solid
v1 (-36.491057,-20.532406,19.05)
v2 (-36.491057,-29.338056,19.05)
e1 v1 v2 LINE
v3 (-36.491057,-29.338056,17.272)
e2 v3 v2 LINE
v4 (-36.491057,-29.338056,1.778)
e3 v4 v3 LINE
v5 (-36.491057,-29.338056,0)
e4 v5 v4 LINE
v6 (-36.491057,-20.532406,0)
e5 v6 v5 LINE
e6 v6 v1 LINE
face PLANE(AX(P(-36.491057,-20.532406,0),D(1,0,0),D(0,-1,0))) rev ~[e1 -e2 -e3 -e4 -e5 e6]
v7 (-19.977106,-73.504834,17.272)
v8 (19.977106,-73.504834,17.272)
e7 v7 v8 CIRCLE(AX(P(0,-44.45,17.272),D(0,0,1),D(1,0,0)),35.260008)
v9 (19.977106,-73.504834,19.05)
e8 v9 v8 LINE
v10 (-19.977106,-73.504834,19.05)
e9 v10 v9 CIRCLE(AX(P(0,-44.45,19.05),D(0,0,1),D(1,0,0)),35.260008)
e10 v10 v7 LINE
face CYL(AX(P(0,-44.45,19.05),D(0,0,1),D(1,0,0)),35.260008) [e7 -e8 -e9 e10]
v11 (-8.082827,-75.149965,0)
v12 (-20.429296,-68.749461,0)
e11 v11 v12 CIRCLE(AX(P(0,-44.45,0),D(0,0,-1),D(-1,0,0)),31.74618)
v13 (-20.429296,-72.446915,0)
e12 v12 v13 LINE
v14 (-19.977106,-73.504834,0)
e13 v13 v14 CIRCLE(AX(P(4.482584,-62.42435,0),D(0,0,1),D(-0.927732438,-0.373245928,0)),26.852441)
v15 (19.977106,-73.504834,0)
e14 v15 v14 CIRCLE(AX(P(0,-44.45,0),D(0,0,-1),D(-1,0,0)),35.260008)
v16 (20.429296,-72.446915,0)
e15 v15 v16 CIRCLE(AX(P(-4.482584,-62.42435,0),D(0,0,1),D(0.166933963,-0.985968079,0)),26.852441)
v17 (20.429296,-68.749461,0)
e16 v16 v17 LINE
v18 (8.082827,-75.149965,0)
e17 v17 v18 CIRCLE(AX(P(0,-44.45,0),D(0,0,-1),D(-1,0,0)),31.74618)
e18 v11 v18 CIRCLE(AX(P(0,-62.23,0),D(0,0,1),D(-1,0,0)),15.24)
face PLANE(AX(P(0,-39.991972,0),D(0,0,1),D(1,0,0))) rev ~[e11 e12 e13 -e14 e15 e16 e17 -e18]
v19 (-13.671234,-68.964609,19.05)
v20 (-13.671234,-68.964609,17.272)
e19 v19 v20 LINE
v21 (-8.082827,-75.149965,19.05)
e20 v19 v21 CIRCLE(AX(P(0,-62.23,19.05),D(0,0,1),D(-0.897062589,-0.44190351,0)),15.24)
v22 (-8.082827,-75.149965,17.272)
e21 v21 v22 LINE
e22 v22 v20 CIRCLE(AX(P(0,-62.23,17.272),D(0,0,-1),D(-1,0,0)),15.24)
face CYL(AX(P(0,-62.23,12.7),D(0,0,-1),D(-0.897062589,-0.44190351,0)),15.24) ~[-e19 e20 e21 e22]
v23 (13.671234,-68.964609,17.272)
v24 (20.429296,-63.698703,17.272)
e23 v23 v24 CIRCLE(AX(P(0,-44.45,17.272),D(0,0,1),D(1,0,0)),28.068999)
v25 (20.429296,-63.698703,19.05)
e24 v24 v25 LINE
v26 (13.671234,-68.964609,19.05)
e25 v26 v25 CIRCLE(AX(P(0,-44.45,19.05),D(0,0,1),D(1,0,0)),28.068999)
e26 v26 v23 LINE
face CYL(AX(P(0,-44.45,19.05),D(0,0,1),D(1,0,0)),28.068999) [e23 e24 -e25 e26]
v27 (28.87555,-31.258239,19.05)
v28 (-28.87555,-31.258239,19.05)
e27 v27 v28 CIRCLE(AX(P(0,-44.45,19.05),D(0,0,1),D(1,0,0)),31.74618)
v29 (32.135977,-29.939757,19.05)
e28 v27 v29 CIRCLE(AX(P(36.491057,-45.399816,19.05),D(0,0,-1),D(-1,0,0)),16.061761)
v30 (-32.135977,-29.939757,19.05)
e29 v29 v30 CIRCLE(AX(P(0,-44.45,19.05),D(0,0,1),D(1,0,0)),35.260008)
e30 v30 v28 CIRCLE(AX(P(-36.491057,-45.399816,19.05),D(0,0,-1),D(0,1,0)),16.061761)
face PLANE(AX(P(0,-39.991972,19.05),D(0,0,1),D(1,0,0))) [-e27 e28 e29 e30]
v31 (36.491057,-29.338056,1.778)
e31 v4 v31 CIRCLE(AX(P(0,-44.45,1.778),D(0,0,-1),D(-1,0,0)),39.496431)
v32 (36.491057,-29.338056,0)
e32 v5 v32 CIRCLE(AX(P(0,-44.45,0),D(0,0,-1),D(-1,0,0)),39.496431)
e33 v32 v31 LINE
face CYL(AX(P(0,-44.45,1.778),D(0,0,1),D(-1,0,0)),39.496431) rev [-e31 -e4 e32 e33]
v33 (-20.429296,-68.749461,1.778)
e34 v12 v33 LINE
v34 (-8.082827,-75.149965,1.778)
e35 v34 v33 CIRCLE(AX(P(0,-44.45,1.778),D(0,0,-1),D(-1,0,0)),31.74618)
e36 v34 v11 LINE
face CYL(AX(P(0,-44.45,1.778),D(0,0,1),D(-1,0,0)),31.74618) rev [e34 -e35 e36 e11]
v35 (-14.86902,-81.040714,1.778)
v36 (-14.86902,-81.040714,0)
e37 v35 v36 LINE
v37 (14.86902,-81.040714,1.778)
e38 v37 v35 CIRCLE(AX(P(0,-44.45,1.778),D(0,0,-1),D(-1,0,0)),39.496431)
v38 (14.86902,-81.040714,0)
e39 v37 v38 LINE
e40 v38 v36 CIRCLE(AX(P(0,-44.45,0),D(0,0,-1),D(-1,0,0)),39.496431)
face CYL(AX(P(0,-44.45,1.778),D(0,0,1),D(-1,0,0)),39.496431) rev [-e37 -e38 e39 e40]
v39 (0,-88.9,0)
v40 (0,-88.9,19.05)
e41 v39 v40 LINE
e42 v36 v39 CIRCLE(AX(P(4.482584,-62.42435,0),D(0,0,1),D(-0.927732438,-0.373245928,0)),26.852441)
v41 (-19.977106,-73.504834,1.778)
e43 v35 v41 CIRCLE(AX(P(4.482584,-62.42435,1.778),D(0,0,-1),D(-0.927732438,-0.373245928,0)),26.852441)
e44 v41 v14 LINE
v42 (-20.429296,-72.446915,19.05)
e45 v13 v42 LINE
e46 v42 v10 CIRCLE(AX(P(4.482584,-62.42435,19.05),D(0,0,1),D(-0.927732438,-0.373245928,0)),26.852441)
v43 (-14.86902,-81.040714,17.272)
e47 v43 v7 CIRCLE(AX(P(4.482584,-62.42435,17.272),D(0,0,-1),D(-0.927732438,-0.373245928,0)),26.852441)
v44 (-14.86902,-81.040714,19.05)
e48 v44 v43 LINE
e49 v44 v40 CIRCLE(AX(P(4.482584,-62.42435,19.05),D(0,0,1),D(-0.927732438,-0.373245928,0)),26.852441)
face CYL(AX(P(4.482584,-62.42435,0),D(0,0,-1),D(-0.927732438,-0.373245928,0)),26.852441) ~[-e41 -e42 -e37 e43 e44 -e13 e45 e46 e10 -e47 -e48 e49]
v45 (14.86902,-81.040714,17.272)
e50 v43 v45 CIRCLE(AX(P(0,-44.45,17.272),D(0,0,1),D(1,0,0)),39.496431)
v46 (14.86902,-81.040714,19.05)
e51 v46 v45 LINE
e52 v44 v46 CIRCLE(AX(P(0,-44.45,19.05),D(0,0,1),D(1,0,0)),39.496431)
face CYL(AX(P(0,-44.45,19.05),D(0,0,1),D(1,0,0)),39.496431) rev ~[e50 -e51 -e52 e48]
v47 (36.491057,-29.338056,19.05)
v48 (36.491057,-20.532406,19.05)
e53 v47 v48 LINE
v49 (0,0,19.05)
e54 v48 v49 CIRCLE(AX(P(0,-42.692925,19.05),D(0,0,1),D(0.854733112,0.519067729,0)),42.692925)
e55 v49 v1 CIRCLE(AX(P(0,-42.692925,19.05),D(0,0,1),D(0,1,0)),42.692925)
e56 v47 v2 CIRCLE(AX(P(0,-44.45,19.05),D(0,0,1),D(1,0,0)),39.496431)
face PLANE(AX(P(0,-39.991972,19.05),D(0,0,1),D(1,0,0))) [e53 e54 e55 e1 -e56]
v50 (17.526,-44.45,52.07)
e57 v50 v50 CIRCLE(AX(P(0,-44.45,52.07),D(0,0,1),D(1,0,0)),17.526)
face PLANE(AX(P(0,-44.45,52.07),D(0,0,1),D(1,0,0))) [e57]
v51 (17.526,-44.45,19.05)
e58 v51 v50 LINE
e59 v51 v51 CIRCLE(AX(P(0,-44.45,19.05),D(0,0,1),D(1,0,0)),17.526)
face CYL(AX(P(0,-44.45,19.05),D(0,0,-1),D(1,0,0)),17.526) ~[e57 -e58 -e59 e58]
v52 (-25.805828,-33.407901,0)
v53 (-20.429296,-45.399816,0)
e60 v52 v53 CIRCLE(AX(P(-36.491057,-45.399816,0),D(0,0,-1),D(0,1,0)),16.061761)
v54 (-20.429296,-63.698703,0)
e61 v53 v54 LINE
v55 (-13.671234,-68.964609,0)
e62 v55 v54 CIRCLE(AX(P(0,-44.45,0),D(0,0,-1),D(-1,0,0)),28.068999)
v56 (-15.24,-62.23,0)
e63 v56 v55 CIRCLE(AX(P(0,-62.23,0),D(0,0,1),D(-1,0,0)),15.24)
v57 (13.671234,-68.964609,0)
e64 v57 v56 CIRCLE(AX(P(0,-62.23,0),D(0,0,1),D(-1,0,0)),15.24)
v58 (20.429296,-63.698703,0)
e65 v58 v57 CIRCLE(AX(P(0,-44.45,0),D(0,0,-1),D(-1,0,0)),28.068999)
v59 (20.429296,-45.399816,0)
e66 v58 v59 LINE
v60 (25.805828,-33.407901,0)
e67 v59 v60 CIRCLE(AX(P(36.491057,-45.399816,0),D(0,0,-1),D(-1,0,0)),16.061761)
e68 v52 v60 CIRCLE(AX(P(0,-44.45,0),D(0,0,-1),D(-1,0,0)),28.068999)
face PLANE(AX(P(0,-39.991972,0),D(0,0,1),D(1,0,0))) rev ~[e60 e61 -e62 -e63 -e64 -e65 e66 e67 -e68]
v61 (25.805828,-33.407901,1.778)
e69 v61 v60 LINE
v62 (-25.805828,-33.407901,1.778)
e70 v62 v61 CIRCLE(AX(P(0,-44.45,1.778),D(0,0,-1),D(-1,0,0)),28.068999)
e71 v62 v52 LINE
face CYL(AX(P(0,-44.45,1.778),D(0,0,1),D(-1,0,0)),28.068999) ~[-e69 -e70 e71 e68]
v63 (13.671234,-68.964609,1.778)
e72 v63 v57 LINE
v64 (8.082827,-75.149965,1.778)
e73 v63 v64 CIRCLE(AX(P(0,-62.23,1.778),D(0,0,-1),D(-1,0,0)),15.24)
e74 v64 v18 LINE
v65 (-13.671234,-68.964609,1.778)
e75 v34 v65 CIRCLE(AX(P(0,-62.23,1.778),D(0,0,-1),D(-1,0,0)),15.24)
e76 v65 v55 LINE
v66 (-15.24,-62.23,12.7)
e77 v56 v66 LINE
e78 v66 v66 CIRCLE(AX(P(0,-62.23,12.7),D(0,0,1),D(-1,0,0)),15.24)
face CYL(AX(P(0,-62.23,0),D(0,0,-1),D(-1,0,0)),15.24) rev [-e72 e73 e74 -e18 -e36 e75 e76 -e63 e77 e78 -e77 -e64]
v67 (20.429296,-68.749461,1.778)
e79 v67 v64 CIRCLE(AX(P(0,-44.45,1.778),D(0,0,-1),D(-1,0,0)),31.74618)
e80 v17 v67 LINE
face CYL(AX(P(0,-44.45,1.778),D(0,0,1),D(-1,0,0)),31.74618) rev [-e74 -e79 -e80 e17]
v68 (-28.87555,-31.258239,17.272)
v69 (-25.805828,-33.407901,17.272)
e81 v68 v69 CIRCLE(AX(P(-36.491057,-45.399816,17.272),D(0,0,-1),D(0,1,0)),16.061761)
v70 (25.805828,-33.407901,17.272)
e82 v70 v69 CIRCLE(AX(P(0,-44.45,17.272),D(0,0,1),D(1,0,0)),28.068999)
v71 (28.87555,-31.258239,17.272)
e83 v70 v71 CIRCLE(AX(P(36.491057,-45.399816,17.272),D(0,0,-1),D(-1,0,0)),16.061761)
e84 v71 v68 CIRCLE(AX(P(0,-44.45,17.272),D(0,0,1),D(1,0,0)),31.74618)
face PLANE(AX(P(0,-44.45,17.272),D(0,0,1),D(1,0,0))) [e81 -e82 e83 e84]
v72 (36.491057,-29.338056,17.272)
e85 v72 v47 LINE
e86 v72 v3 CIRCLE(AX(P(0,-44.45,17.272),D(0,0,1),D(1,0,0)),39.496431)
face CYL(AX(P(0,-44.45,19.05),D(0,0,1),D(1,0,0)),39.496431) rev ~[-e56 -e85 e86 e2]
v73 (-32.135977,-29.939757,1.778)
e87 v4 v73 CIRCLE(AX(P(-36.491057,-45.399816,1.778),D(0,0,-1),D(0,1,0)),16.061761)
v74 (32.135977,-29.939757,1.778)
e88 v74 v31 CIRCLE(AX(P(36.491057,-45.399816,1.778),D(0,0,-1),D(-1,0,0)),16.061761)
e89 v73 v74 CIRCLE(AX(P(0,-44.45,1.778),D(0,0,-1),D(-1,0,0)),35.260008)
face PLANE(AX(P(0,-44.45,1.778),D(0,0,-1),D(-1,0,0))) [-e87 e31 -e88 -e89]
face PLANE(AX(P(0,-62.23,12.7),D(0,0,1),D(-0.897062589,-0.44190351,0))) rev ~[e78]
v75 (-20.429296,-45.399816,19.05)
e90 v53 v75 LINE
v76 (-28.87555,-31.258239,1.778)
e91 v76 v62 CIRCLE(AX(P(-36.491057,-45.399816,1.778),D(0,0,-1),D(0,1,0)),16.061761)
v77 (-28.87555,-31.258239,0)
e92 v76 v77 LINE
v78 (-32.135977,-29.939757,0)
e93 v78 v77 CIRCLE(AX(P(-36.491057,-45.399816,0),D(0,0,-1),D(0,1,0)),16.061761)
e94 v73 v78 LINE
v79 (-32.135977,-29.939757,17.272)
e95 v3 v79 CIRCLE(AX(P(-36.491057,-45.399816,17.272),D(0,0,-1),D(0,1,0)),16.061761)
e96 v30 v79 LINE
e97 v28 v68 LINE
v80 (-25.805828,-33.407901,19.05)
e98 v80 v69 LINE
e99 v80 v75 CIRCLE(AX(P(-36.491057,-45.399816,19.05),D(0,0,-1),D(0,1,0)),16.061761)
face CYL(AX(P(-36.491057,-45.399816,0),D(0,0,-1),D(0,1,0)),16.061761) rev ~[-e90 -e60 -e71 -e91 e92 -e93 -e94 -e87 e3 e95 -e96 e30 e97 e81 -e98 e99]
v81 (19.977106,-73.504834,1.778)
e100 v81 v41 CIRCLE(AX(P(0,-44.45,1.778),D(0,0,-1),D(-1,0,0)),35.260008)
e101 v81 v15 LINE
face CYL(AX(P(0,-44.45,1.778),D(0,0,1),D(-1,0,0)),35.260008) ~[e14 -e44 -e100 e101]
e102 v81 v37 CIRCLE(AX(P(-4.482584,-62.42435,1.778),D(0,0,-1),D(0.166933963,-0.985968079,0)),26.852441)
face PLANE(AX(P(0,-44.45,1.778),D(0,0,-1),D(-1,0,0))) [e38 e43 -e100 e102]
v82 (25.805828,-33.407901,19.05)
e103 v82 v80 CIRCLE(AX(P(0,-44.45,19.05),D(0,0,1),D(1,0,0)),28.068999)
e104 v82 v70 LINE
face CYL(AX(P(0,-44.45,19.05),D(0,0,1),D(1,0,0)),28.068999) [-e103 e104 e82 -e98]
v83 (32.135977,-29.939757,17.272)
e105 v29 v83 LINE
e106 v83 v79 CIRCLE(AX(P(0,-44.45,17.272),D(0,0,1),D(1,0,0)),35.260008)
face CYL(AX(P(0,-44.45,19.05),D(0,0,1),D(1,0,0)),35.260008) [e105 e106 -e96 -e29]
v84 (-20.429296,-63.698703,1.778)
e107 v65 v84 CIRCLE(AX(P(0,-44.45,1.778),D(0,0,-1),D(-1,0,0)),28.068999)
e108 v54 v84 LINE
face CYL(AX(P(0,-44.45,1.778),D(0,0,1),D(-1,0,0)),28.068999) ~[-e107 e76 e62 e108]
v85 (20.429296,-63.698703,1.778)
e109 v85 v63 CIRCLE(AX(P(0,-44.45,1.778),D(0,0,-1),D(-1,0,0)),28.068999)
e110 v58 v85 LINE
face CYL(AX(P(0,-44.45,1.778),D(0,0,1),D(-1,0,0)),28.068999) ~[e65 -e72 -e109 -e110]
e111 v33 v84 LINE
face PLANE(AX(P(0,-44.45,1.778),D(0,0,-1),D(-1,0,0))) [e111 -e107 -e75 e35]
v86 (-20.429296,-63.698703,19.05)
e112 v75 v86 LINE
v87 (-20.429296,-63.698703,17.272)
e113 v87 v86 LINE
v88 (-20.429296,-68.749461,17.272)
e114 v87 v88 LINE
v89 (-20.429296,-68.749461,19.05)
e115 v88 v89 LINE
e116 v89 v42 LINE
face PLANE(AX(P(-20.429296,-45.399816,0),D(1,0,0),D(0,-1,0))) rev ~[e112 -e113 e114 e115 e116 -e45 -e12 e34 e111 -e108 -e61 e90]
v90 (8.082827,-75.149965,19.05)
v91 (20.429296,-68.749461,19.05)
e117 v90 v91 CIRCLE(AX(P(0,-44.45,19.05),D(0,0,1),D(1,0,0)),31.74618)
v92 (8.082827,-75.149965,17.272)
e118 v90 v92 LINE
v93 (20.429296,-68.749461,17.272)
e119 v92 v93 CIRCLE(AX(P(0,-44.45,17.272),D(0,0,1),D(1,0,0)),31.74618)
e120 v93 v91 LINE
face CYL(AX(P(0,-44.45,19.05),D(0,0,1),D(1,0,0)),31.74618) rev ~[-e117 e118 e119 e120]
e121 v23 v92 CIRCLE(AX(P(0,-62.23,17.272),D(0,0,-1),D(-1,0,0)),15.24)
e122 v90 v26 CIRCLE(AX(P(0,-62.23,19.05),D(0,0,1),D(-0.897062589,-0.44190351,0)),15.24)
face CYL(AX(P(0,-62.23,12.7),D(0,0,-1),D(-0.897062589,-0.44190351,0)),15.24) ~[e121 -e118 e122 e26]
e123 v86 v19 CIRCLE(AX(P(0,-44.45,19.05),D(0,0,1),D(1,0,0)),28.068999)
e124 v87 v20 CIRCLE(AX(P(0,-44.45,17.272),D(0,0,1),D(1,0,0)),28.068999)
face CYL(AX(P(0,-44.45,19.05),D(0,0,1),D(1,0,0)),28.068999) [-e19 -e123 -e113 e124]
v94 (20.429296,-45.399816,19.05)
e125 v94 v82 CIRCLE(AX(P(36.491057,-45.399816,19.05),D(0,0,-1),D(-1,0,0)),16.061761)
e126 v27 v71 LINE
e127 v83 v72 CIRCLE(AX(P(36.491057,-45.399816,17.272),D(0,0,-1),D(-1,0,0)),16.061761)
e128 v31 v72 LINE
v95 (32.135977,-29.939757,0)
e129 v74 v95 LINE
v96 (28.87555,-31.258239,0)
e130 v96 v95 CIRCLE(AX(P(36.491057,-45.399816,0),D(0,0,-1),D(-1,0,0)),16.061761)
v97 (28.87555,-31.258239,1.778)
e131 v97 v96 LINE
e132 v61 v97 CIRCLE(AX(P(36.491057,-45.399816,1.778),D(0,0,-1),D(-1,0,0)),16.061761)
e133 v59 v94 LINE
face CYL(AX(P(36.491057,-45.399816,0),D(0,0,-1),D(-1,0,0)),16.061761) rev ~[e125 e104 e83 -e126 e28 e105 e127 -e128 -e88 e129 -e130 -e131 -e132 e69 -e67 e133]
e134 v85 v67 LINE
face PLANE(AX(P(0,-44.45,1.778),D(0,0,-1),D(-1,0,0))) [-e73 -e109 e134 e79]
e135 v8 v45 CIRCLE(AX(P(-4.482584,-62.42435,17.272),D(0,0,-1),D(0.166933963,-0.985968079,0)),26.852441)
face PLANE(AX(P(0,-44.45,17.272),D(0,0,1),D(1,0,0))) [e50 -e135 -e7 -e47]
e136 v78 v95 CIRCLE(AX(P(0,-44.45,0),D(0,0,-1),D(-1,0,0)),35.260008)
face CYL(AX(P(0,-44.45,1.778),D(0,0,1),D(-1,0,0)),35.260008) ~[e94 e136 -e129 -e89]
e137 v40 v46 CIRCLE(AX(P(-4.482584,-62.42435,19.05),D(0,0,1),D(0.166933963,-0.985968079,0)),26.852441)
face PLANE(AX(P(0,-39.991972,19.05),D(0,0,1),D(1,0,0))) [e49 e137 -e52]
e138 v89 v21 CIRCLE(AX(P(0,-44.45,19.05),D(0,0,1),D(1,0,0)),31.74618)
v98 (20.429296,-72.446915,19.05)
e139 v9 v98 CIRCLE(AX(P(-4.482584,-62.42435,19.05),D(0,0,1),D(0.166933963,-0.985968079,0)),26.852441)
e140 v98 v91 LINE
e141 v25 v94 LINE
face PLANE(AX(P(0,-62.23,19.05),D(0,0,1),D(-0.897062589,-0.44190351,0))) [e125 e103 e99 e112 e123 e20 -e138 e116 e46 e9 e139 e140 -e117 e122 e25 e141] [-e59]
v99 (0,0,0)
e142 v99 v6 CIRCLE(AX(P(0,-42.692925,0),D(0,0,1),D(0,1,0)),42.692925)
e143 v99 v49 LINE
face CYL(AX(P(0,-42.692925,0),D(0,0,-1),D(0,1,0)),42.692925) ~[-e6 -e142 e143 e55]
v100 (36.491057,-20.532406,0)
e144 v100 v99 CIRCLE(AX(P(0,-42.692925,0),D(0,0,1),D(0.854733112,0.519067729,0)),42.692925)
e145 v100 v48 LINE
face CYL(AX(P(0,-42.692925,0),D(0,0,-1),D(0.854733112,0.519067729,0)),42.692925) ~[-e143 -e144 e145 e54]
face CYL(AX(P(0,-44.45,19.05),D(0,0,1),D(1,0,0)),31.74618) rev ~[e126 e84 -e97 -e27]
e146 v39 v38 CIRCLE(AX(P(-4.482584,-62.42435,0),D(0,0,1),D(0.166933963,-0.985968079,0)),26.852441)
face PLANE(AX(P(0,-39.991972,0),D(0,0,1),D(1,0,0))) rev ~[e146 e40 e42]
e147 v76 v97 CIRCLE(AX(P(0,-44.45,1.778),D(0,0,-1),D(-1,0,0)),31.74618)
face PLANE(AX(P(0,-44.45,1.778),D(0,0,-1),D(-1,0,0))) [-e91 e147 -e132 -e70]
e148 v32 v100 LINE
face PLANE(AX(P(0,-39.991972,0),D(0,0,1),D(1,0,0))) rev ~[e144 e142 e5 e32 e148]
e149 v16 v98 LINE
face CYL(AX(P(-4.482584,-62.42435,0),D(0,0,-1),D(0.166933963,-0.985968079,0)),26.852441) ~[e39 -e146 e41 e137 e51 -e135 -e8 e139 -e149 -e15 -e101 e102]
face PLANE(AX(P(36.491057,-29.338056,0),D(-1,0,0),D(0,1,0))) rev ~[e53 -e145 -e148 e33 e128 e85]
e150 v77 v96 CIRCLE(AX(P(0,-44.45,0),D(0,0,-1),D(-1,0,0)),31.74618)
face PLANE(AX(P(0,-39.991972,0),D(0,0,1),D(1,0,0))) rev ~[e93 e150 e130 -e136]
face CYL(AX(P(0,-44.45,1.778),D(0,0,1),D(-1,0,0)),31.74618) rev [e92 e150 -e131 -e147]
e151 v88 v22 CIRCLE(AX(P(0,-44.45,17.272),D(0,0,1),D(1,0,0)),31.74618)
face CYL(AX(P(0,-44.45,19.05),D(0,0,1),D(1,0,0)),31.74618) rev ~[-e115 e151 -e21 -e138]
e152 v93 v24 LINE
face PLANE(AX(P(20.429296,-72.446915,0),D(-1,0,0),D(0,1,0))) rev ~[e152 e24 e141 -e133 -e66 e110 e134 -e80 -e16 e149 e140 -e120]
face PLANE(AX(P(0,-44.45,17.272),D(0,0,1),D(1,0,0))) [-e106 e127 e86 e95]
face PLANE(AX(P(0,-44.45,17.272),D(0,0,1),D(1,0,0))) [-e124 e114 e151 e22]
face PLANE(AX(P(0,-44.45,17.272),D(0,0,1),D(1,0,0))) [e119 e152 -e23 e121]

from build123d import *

# Parameters (mm, degrees)
SKETCH2_R           = 15.24
BOSS_EXTRUDE2_DEPTH = 19.05
SKETCH3_R           = 39.496431486
SKETCH3_R_2         = 35.260007957
CUT_EXTRUDE2_DEPTH  = 1.778
SKETCH4_R           = 31.746180351
SKETCH4_R_2         = 28.068999156
CUT_EXTRUDE3_DEPTH  = 1.778
CUT_EXTRUDE4_START  = -1.778
SKETCH5_R           = 39.496431486
SKETCH5_R_2         = 35.260007957
CUT_EXTRUDE4_DEPTH  = 1.778
CUT_EXTRUDE5_START  = -1.778
SKETCH7_R           = 31.746180351
SKETCH7_R_2         = 28.068999156
CUT_EXTRUDE5_DEPTH  = 1.778
BOSS_EXTRUDE3_START = -6.35
SKETCH9_R           = 15.24
BOSS_EXTRUDE3_DEPTH = 6.35
SKETCH10_R          = 17.526
BOSS_EXTRUDE4_DEPTH = 33.02


with BuildPart() as part:
    # Sketch2 → Boss-Extrude2 (new body)
    with BuildSketch(Plane.XY):
        with BuildLine():
            Line((20.429296249, -72.446914532), (20.429296249, -45.399816154))
            ThreePointArc((20.429296249, -45.399816154), (25.133677026, -34.04243628), (36.4910569, -29.338055504))
            Line((36.4910569, -29.338055504), (36.4910569, -20.532405534))
            ThreePointArc((36.4910569, -20.532405534), (20.935477727, -5.485511485), (0, 0))
            ThreePointArc((0, 0), (-20.935477727, -5.485511485), (-36.4910569, -20.532405534))
            Line((-36.4910569, -20.532405534), (-36.4910569, -29.338055504))
            ThreePointArc((-36.4910569, -29.338055504), (-25.133677026, -34.04243628), (-20.429296249, -45.399816154))
            Line((-20.429296249, -45.399816154), (-20.429296249, -72.446914532))
            ThreePointArc((-20.429296249, -72.446914532), (-12.360356233, -83.33771782), (0, -88.9))
            ThreePointArc((0, -88.9), (12.360356233, -83.33771782), (20.429296249, -72.446914532))
        make_face()
        with Locations(Location((0, -62.23, 0), (0, 0, 180))):
            Circle(SKETCH2_R, mode=Mode.SUBTRACT)
    extrude(amount=BOSS_EXTRUDE2_DEPTH)

    # Sketch3 → Cut-Extrude2 (cut)
    with BuildSketch(Plane.XY.offset(19.05)):
        with Locations((0, -44.45)):
            Circle(SKETCH3_R)
        with Locations((0, -44.45)):
            Circle(SKETCH3_R_2, mode=Mode.SUBTRACT)
    extrude(amount=-CUT_EXTRUDE2_DEPTH, mode=Mode.SUBTRACT)

    # Sketch4 → Cut-Extrude3 (cut)
    with BuildSketch(Plane.XY.offset(19.05)):
        with Locations((0, -44.45)):
            Circle(SKETCH4_R)
        with Locations((0, -44.45)):
            Circle(SKETCH4_R_2, mode=Mode.SUBTRACT)
    extrude(amount=-CUT_EXTRUDE3_DEPTH, mode=Mode.SUBTRACT)

    # Sketch5 → Cut-Extrude4 (cut)
    with BuildSketch(Plane(origin=(0, 0, 0), x_dir=(-1, 0, 0), z_dir=(0, 0, -1)).offset(CUT_EXTRUDE4_START)):
        with Locations((0, -44.45)):
            Circle(SKETCH5_R)
        with Locations((0, -44.45)):
            Circle(SKETCH5_R_2, mode=Mode.SUBTRACT)
    extrude(amount=CUT_EXTRUDE4_DEPTH, mode=Mode.SUBTRACT)

    # Sketch7 → Cut-Extrude5 (cut)
    with BuildSketch(Plane(origin=(0, 0, 0), x_dir=(-1, 0, 0), z_dir=(0, 0, -1)).offset(CUT_EXTRUDE5_START)):
        with Locations((0, -44.45)):
            Circle(SKETCH7_R)
        with Locations((0, -44.45)):
            Circle(SKETCH7_R_2, mode=Mode.SUBTRACT)
    extrude(amount=CUT_EXTRUDE5_DEPTH, mode=Mode.SUBTRACT)

    # Sketch9 → Boss-Extrude3 (add)
    with BuildSketch(Plane.XY.offset(19.05).offset(BOSS_EXTRUDE3_START)):
        with Locations(Location((0, -62.23, 0), (0, 0, 206.225395775))):
            Circle(SKETCH9_R)
    extrude(amount=BOSS_EXTRUDE3_DEPTH)

    # Sketch10 → Boss-Extrude4 (add)
    with BuildSketch(Plane.XY.offset(19.05)):
        with Locations((0, -44.45)):
            Circle(SKETCH10_R)
    extrude(amount=BOSS_EXTRUDE4_DEPTH)


solid = part.part
